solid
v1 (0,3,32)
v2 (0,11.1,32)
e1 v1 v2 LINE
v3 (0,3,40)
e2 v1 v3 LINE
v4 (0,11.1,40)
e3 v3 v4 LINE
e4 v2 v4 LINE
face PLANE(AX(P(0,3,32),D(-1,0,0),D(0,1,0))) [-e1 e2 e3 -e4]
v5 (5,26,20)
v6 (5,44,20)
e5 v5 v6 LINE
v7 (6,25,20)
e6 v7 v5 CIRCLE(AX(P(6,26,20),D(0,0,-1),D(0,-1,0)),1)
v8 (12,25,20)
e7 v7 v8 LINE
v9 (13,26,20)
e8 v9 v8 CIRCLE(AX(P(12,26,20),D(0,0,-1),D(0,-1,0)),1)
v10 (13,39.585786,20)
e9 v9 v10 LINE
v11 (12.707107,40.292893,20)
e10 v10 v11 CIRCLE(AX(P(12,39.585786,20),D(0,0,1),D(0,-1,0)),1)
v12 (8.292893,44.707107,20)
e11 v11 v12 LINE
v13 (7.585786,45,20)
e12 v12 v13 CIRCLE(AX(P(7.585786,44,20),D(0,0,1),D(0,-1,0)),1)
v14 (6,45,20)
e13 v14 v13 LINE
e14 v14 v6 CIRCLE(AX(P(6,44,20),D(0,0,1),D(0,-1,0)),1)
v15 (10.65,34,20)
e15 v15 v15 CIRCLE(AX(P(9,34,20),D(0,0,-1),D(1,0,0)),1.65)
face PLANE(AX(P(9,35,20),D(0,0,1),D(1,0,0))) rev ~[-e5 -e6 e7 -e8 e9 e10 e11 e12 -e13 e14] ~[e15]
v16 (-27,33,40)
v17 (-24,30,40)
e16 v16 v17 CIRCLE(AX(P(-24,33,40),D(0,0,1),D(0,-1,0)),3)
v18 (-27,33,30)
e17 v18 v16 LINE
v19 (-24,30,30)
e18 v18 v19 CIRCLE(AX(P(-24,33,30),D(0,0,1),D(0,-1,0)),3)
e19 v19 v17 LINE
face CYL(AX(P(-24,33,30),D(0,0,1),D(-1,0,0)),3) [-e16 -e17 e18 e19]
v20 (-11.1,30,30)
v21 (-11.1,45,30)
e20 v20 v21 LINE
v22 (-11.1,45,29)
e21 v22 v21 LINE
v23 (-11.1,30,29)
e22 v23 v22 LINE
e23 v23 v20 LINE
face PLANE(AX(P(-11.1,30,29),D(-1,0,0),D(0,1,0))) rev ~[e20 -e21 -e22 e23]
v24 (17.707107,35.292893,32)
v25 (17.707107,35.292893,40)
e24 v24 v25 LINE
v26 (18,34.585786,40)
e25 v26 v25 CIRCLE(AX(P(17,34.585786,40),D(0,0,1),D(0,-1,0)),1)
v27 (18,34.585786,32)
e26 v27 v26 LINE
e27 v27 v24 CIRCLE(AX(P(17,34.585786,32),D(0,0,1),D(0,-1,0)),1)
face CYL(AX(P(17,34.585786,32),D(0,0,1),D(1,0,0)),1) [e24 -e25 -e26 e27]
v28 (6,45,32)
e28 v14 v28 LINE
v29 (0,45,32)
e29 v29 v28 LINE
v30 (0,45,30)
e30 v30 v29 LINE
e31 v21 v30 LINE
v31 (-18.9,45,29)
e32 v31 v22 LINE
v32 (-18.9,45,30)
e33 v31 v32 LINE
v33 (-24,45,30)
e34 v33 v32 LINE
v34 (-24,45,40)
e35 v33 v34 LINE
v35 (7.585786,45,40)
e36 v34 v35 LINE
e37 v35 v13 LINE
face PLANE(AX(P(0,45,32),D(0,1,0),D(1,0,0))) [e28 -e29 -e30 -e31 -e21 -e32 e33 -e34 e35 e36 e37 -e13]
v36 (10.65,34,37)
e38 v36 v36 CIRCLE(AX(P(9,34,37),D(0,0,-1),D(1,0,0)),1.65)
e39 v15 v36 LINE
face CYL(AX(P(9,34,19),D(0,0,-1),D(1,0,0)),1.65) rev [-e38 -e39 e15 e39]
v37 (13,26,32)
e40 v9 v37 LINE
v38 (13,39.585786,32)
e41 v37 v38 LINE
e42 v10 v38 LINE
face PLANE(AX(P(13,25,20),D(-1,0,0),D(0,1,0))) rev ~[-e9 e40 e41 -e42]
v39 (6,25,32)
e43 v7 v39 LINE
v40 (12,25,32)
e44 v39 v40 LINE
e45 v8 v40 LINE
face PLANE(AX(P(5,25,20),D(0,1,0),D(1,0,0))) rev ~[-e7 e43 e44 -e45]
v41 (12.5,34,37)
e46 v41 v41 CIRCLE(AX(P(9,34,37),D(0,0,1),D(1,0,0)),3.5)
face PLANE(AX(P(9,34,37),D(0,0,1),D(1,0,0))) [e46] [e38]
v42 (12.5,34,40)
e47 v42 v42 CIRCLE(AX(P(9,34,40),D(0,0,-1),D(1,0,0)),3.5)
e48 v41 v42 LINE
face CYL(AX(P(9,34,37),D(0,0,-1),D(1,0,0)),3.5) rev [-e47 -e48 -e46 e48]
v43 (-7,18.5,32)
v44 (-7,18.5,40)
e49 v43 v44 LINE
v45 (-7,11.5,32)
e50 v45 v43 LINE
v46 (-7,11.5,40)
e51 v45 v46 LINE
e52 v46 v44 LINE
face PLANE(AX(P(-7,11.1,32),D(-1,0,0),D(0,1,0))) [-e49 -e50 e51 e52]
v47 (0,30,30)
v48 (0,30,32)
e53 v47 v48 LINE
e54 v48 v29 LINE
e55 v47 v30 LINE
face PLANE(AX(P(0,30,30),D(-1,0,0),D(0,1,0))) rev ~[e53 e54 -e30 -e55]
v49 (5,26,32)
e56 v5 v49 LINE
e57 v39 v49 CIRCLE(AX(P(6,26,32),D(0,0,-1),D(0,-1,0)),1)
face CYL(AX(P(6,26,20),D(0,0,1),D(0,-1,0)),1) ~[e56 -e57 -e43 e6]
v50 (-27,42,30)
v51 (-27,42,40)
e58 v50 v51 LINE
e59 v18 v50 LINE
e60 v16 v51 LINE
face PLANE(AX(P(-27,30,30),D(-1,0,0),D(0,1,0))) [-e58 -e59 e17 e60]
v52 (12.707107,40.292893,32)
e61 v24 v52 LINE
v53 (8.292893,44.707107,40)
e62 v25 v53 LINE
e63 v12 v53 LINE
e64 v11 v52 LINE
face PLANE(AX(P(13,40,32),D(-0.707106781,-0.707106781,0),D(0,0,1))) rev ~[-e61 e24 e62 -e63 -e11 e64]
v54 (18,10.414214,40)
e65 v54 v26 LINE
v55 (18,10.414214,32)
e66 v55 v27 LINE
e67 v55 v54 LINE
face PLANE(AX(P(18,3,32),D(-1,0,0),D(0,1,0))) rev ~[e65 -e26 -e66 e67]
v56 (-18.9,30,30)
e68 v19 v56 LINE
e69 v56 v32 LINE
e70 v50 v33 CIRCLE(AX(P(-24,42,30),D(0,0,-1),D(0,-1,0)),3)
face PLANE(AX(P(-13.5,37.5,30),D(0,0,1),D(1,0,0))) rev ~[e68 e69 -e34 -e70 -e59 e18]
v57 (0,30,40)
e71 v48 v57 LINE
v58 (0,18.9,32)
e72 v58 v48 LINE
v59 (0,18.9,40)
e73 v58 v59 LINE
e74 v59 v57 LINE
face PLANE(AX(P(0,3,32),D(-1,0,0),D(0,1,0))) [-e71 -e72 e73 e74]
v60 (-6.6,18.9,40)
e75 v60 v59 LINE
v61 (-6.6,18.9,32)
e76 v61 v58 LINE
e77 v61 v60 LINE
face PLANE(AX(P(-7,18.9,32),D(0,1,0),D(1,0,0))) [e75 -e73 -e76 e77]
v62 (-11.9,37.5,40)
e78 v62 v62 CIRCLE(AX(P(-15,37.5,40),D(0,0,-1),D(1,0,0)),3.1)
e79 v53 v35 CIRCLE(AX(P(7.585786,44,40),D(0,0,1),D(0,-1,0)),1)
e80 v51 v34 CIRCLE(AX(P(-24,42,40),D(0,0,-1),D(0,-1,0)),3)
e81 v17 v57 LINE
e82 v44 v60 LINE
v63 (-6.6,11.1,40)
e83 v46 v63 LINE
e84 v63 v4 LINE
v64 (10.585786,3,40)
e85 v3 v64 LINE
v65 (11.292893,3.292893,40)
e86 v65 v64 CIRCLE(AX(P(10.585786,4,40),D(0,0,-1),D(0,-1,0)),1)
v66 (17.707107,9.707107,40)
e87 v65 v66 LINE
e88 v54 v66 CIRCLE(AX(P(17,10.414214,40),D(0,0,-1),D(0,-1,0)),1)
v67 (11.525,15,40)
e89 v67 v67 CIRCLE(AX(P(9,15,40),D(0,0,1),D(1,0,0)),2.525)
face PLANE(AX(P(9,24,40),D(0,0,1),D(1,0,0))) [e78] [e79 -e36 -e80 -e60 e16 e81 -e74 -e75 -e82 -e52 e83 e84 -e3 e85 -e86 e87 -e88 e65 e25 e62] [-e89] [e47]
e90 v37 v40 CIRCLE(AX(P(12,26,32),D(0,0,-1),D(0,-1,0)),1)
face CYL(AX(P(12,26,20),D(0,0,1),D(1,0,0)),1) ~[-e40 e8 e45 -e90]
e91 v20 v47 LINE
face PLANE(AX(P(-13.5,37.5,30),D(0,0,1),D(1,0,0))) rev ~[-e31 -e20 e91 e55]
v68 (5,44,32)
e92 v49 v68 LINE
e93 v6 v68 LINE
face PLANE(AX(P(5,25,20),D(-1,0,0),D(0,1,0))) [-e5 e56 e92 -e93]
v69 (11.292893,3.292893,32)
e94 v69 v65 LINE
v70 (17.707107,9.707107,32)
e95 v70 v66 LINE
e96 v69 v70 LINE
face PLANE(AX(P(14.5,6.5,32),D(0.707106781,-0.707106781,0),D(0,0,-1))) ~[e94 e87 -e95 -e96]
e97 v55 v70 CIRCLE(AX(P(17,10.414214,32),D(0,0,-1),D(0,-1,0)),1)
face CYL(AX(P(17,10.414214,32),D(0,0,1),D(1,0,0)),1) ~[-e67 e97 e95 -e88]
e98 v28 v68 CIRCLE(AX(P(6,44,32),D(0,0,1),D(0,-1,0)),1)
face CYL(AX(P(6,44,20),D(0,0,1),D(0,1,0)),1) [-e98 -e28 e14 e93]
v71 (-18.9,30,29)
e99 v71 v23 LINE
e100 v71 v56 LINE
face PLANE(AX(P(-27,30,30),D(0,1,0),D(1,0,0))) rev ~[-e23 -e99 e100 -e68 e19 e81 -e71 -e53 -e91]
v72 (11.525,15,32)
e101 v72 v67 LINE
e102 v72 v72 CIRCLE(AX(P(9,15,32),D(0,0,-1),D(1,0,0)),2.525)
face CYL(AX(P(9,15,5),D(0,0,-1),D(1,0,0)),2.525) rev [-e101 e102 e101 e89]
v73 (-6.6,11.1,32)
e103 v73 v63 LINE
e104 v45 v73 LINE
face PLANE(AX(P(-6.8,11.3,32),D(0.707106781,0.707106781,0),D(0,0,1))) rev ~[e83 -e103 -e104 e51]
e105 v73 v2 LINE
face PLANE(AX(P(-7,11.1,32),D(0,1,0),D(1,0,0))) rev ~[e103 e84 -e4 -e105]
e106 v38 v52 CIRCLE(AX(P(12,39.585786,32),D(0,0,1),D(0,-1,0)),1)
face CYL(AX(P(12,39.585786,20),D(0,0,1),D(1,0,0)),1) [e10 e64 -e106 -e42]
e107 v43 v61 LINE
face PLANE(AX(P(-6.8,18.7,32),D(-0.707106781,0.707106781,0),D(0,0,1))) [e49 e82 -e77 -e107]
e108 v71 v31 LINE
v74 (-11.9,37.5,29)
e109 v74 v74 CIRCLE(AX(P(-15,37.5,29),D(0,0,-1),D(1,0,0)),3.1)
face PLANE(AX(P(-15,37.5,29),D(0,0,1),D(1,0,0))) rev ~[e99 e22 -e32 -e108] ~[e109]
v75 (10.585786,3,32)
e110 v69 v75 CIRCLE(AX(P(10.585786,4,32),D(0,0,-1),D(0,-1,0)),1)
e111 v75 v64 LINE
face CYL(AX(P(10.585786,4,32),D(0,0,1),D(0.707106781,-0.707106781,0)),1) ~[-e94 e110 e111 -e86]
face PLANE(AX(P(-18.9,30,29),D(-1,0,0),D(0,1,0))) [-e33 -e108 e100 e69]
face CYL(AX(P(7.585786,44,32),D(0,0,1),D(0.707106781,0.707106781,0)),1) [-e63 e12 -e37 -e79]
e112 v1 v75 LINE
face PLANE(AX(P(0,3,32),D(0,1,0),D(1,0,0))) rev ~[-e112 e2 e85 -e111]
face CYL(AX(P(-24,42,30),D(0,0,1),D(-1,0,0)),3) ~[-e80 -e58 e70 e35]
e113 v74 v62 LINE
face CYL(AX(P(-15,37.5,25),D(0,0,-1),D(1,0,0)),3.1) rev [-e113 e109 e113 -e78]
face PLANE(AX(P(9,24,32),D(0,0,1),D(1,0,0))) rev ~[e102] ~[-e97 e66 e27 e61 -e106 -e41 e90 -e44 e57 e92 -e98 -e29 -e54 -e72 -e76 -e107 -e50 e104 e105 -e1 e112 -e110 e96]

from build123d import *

# Parameters (mm, degrees)
CYLINDER006_R     = 3.5
CYLINDER006_DEPTH = 10
CYLINDER005_R     = 1.65
CYLINDER005_DEPTH = 31
CYLINDER001_R     = 2.525
CYLINDER001_DEPTH = 35
CYLINDER009_R     = 3.1
CYLINDER009_DEPTH = 19
BOX013_W          = 7.8
BOX013_H          = 15
BOX013_DEPTH      = 1
BOX015_W          = 8
BOX015_H          = 20
BOX015_DEPTH      = 12
CHAMFER007_SIZE   = 5
FILLET001_R       = 1
FILLET_R          = 1
BOX009_W          = 7
BOX009_H          = 7.8
BOX009_DEPTH      = 8
CHAMFER006_SIZE   = 0.4
BOX010_W          = 18
BOX010_H          = 42
BOX010_DEPTH      = 8
CHAMFER008_SIZE   = 7
CHAMFER009_SIZE   = 10
FILLET003_R       = 1
BOX011_W          = 27
BOX011_H          = 15
BOX011_DEPTH      = 10
FILLET004_R       = 3


with BuildPart() as cylinder006:
    # Cylinder006 → Cylinder006 (new body)
    with BuildSketch(Plane(origin=(9, 34, 37), x_dir=(1, 0, 0), z_dir=(0, 0, 1))):
        Circle(CYLINDER006_R)
    extrude(amount=CYLINDER006_DEPTH)


with BuildPart() as fusion009:
    # Cylinder005 → Cylinder005 (new body)
    with BuildSketch(Plane(origin=(9, 34, 19), x_dir=(1, 0, 0), z_dir=(0, 0, 1))):
        Circle(CYLINDER005_R)
    extrude(amount=CYLINDER005_DEPTH)

    # Fusion009: union Cylinder006
    add(cylinder006.part)


with BuildPart() as cylinder001:
    # Cylinder001 → Cylinder001 (new body)
    with BuildSketch(Plane(origin=(9, 15, 5), x_dir=(1, 0, 0), z_dir=(0, 0, 1))):
        Circle(CYLINDER001_R)
    extrude(amount=CYLINDER001_DEPTH)


with BuildPart() as cylinder009:
    # Cylinder009 → Cylinder009 (new body)
    with BuildSketch(Plane(origin=(-15, 37.5, 25), x_dir=(1, 0, 0), z_dir=(0, 0, 1))):
        Circle(CYLINDER009_R)
    extrude(amount=CYLINDER009_DEPTH)


with BuildPart() as cube013:
    # Box013 → Box013 (new body)
    with BuildSketch(Plane(origin=(-18.9, 30, 29), x_dir=(1, 0, 0), z_dir=(0, 0, 1))):
        with Locations((3.9, 7.5)):
            Rectangle(BOX013_W, BOX013_H)
    extrude(amount=BOX013_DEPTH)


with BuildPart() as fillet_body:
    # Box015 → Box015 (new body)
    with BuildSketch(Plane(origin=(7, 25, 20), x_dir=(1, 0, 0), z_dir=(0, 0, 1))):
        with Locations((4, 10)):
            Rectangle(BOX015_W, BOX015_H)
    extrude(amount=BOX015_DEPTH)

    # Chamfer007
    chamfer007_edges = [fillet_body.edges().sort_by_distance(p)[0] for p in [
        (15, 45, 26),
    ]]
    chamfer(chamfer007_edges, length=CHAMFER007_SIZE)

    # Fillet001
    fillet001_edges = [fillet_body.edges().sort_by_distance(p)[0] for p in [
        (15, 40, 26),
        (15, 25, 26),
        (7, 25, 26),
        (7, 45, 26),
    ]]
    fillet(fillet001_edges, radius=FILLET001_R)


with BuildPart() as fillet_body_1:
    # Fillet001 placement: moved
    add(fillet_body.part.moved(Location((-2, 0, 0))))

    # Fillet
    fillet_edges = [fillet_body_1.edges().sort_by_distance(p)[0] for p in [
        (8, 45, 26),
    ]]
    fillet(fillet_edges, radius=FILLET_R)


with BuildPart() as chamfer006:
    # Box009 → Box009 (new body)
    with BuildSketch(Plane(origin=(-7, 11.1, 32), x_dir=(1, 0, 0), z_dir=(0, 0, 1))):
        with Locations((3.5, 3.9)):
            Rectangle(BOX009_W, BOX009_H)
    extrude(amount=BOX009_DEPTH)

    # Chamfer006
    chamfer006_edges = [chamfer006.edges().sort_by_distance(p)[0] for p in [
        (-7, 11.1, 36),
        (-7, 18.9, 36),
    ]]
    chamfer(chamfer006_edges, length=CHAMFER006_SIZE)


with BuildPart() as fillet003:
    # Box010 → Box010 (new body)
    with BuildSketch(Plane(origin=(0, 3, 32), x_dir=(1, 0, 0), z_dir=(0, 0, 1))):
        with Locations((9, 21)):
            Rectangle(BOX010_W, BOX010_H)
    extrude(amount=BOX010_DEPTH)

    # Chamfer008
    chamfer008_edges = [fillet003.edges().sort_by_distance(p)[0] for p in [
        (18, 3, 36),
    ]]
    chamfer(chamfer008_edges, length=CHAMFER008_SIZE)

    # Chamfer009
    chamfer009_edges = [fillet003.edges().sort_by_distance(p)[0] for p in [
        (18, 45, 36),
    ]]
    chamfer(chamfer009_edges, length=CHAMFER009_SIZE)

    # Fillet003
    fillet003_edges = [fillet003.edges().sort_by_distance(p)[0] for p in [
        (18, 35, 36),
        (18, 10, 36),
        (8, 45, 36),
        (11, 3, 36),
    ]]
    fillet(fillet003_edges, radius=FILLET003_R)


with BuildPart() as cut002002002009004:
    # Box011 → Box011 (new body)
    with BuildSketch(Plane(origin=(-27, 30, 30), x_dir=(1, 0, 0), z_dir=(0, 0, 1))):
        with Locations((13.5, 7.5)):
            Rectangle(BOX011_W, BOX011_H)
    extrude(amount=BOX011_DEPTH)

    # Fillet004
    fillet004_edges = [cut002002002009004.edges().sort_by_distance(p)[0] for p in [
        (-27, 30, 35),
        (-27, 45, 35),
    ]]
    fillet(fillet004_edges, radius=FILLET004_R)

    # Fusion010: union Cube013, Fillet body, Chamfer006, Fillet003
    add(cube013.part)
    add(fillet_body_1.part)
    add(chamfer006.part)
    add(fillet003.part)

    # Cut002002002009002: cut Cylinder009
    add(cylinder009.part, mode=Mode.SUBTRACT)

    # Cut002002002009003: cut Cylinder001
    add(cylinder001.part, mode=Mode.SUBTRACT)

    # Cut002002002009004: cut Fusion009
    add(fusion009.part, mode=Mode.SUBTRACT)


solid = cut002002002009004.part
